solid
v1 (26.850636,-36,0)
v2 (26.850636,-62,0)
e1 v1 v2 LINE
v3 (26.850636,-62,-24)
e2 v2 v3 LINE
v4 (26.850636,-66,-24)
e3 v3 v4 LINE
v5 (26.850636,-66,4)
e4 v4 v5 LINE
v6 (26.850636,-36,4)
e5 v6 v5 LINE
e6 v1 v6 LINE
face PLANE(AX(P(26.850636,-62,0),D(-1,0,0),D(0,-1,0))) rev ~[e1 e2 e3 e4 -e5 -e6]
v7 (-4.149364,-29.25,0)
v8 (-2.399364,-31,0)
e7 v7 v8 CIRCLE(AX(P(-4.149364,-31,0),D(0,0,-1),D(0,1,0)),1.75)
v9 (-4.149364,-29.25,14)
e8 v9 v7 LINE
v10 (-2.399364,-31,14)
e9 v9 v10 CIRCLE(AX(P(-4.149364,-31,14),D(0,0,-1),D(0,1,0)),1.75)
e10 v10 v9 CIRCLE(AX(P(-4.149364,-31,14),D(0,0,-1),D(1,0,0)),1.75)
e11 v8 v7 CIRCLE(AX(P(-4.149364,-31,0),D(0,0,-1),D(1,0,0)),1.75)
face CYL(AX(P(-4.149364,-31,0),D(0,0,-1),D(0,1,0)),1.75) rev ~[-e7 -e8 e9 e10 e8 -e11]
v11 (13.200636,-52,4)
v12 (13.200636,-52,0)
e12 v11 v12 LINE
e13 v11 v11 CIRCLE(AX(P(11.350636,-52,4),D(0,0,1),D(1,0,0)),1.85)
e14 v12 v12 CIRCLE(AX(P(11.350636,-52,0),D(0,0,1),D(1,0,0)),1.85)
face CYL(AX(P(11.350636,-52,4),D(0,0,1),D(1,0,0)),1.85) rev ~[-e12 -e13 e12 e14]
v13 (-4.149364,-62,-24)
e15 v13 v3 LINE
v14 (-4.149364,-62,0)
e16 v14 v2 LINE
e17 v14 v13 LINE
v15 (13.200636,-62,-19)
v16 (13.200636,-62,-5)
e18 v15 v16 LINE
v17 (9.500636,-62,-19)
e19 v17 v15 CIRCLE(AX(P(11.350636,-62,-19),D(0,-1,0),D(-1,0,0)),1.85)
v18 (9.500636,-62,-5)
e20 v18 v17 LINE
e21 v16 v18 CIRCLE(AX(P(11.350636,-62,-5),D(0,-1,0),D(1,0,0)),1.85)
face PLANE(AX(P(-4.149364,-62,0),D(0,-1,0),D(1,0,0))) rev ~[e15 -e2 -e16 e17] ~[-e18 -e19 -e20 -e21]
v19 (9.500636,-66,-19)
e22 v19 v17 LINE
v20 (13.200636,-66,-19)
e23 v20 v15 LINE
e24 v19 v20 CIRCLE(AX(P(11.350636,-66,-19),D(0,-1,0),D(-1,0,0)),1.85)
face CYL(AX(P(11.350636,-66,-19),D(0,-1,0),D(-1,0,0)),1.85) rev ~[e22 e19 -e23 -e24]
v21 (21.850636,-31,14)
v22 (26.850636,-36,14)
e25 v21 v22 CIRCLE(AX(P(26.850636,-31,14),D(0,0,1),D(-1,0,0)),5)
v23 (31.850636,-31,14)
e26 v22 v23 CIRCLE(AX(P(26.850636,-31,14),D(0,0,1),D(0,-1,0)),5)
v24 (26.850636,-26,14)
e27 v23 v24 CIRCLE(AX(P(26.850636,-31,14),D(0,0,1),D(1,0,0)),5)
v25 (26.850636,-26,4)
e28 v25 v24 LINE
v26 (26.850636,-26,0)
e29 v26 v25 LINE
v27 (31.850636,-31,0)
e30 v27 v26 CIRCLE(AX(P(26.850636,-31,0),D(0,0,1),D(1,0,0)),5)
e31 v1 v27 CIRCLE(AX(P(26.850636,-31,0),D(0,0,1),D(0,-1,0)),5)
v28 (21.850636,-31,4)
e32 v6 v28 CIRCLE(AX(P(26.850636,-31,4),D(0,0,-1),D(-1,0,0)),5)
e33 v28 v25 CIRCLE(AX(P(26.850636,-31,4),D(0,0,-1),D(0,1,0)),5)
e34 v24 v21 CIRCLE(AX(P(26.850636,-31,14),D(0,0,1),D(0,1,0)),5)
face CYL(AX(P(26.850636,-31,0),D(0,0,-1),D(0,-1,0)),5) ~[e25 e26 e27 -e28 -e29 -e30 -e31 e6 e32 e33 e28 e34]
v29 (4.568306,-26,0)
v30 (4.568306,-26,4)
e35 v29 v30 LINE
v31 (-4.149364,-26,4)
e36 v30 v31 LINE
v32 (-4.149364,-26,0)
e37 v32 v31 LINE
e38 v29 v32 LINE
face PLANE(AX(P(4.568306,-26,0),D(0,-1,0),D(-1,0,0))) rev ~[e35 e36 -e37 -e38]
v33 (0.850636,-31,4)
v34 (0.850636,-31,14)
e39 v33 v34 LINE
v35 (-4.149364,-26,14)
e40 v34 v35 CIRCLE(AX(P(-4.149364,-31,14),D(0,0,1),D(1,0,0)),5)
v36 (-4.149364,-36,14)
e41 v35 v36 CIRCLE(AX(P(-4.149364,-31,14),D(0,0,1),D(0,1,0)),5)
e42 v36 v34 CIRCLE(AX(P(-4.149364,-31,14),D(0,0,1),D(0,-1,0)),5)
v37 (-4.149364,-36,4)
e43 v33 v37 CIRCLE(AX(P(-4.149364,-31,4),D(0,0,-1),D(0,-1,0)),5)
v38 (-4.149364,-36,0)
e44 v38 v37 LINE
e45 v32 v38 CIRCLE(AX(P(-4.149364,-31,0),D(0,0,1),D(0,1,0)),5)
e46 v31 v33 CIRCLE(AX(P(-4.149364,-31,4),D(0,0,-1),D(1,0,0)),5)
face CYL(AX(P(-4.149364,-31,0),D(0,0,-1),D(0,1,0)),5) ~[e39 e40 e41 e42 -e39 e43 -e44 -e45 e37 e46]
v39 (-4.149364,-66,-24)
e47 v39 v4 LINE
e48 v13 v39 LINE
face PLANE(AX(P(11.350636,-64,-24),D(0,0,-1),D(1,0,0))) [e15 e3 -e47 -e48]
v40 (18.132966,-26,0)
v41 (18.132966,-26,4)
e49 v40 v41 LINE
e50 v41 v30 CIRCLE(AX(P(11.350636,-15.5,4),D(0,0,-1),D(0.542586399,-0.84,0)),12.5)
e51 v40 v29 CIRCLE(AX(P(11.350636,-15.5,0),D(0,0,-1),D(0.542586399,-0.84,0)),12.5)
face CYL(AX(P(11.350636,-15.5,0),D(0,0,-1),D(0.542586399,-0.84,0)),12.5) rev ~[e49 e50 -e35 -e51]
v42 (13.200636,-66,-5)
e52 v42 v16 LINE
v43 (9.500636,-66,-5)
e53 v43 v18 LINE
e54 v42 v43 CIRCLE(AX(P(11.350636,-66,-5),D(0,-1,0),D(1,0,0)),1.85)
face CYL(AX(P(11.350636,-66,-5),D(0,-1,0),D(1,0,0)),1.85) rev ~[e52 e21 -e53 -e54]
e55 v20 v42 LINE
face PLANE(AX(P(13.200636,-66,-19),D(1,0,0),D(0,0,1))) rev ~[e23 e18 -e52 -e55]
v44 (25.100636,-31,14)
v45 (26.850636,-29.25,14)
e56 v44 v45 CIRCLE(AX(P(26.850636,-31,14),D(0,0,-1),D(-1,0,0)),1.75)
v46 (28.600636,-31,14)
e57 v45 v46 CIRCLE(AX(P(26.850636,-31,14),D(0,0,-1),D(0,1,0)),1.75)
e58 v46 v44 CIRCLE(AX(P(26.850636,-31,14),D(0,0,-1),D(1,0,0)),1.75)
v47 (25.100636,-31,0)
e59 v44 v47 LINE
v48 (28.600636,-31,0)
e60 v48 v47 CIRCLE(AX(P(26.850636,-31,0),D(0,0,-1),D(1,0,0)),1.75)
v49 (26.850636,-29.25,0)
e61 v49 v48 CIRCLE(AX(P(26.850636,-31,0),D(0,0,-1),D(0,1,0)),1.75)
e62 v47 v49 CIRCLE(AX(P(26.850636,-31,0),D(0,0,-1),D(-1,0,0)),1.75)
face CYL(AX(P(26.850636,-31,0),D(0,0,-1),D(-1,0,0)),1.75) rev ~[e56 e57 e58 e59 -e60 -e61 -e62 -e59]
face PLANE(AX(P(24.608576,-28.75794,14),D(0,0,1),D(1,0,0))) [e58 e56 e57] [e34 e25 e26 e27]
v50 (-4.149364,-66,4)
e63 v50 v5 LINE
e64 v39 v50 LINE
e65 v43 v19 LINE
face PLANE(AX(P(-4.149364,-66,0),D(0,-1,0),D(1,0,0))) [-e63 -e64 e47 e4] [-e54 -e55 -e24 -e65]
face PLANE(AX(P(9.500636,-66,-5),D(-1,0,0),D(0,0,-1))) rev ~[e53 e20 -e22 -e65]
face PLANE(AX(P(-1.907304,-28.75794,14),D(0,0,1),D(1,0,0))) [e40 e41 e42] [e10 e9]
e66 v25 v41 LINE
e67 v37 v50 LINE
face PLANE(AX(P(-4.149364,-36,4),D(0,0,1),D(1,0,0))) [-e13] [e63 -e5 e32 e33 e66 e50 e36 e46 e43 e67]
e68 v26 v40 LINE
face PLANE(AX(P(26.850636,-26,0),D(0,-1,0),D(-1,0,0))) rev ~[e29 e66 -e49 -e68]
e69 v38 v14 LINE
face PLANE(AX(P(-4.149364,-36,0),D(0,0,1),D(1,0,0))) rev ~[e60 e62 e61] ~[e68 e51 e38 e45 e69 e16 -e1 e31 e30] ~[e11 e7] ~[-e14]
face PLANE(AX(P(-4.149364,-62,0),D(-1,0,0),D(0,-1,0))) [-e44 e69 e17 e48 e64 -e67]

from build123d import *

# Parameters (mm, degrees)
F1_DEPTH = 4
F2_DEPTH = 14
F3_DEPTH = 30
F4_W     = 31
F4_H     = 4
F5_DEPTH = 24
F8_DEPTH = 25
F7_R     = 1.85
F9_DEPTH = 25


with BuildPart() as f1:
    # F0 (on Top) → F1 (new body)
    with BuildSketch(Plane.XY):
        with BuildLine():
            ThreePointArc((-4.1493639073, -29.25), (-2.9119270402, -29.7625631329), (-2.3993639073, -31))
            Line((-2.3993639073, -31), (0.8506360927, -31))
            ThreePointArc((0.8506360927, -31), (-0.6138300013, -27.4644660941), (-4.1493639073, -26))
            Line((-4.1493639073, -26), (-4.1493639073, -29.25))
        make_face()
        with BuildLine():
            Line((0.8506360927, -31), (-2.3993639073, -31))
            ThreePointArc((-2.3993639073, -31), (-5.3868007743, -32.2374368671), (-4.1493639073, -29.25))
            Line((-4.1493639073, -29.25), (-4.1493639073, -26))
            ThreePointArc((-4.1493639073, -26), (-9.1493639073, -31), (-4.1493639073, -36))
            ThreePointArc((-4.1493639073, -36), (-0.6138300013, -34.5355339059), (0.8506360927, -31))
        make_face()
        with BuildLine():
            ThreePointArc((-4.1493639073, -26), (-0.6138300013, -27.4644660941), (0.8506360927, -31))
            Line((0.8506360927, -31), (21.8506360927, -31))
            ThreePointArc((21.8506360927, -31), (23.3151021868, -27.4644660941), (26.8506360927, -26))
            Line((26.8506360927, -26), (18.1329660759, -26))
            ThreePointArc((18.1329660759, -26), (11.3506360927, -28), (4.5683061096, -26))
            Line((4.5683061096, -26), (-4.1493639073, -26))
        make_face()
        with BuildLine():
            ThreePointArc((26.8506360927, -26), (23.3151021868, -27.4644660941), (21.8506360927, -31))
            Line((21.8506360927, -31), (25.1006360927, -31))
            ThreePointArc((25.1006360927, -31), (25.6131992257, -29.7625631329), (26.8506360927, -29.25))
            Line((26.8506360927, -29.25), (26.8506360927, -26))
        make_face()
        with BuildLine():
            Line((25.1006360927, -31), (21.8506360927, -31))
            ThreePointArc((21.8506360927, -31), (23.3151021868, -34.5355339059), (26.8506360927, -36))
            ThreePointArc((26.8506360927, -36), (30.3861699987, -34.5355339059), (31.8506360927, -31))
            ThreePointArc((31.8506360927, -31), (30.3861699987, -27.4644660941), (26.8506360927, -26))
            Line((26.8506360927, -26), (26.8506360927, -29.25))
            ThreePointArc((26.8506360927, -29.25), (28.0880729598, -29.7625631329), (28.6006360927, -31))
            ThreePointArc((28.6006360927, -31), (26.8506360927, -32.75), (25.1006360927, -31))
        make_face()
        with BuildLine():
            Line((21.8506360927, -31), (0.8506360927, -31))
            ThreePointArc((0.8506360927, -31), (-0.6138300013, -34.5355339059), (-4.1493639073, -36))
            Line((-4.1493639073, -36), (26.8506360927, -36))
            ThreePointArc((26.8506360927, -36), (23.3151021868, -34.5355339059), (21.8506360927, -31))
        make_face()
    extrude(amount=F1_DEPTH)

    # F0 (on Top) → F2 (join)
    with BuildSketch(Plane.XY):
        with BuildLine():
            ThreePointArc((-4.1493639073, -29.25), (-2.9119270402, -29.7625631329), (-2.3993639073, -31))
            Line((-2.3993639073, -31), (0.8506360927, -31))
            ThreePointArc((0.8506360927, -31), (-0.6138300013, -27.4644660941), (-4.1493639073, -26))
            Line((-4.1493639073, -26), (-4.1493639073, -29.25))
        make_face()
        with BuildLine():
            Line((0.8506360927, -31), (-2.3993639073, -31))
            ThreePointArc((-2.3993639073, -31), (-5.3868007743, -32.2374368671), (-4.1493639073, -29.25))
            Line((-4.1493639073, -29.25), (-4.1493639073, -26))
            ThreePointArc((-4.1493639073, -26), (-9.1493639073, -31), (-4.1493639073, -36))
            ThreePointArc((-4.1493639073, -36), (-0.6138300013, -34.5355339059), (0.8506360927, -31))
        make_face()
        with BuildLine():
            ThreePointArc((26.8506360927, -26), (23.3151021868, -27.4644660941), (21.8506360927, -31))
            Line((21.8506360927, -31), (25.1006360927, -31))
            ThreePointArc((25.1006360927, -31), (25.6131992257, -29.7625631329), (26.8506360927, -29.25))
            Line((26.8506360927, -29.25), (26.8506360927, -26))
        make_face()
        with BuildLine():
            Line((25.1006360927, -31), (21.8506360927, -31))
            ThreePointArc((21.8506360927, -31), (23.3151021868, -34.5355339059), (26.8506360927, -36))
            ThreePointArc((26.8506360927, -36), (30.3861699987, -34.5355339059), (31.8506360927, -31))
            ThreePointArc((31.8506360927, -31), (30.3861699987, -27.4644660941), (26.8506360927, -26))
            Line((26.8506360927, -26), (26.8506360927, -29.25))
            ThreePointArc((26.8506360927, -29.25), (28.0880729598, -29.7625631329), (28.6006360927, -31))
            ThreePointArc((28.6006360927, -31), (26.8506360927, -32.75), (25.1006360927, -31))
        make_face()
    extrude(amount=F2_DEPTH)

    # F3 (add): a face of the model
    f3_faces = [f1.faces().sort_by_distance(p)[0] for p in [
        (11.3506360927, -36, 2),
    ]]
    extrude(f3_faces, amount=F3_DEPTH)

    # F4 (on face) → F5 (join)
    with BuildSketch(Plane(origin=(0, 0, 0), x_dir=(1, 0, 0), z_dir=(0, 0, -1))):
        with Locations((11.3506360927, 64)):
            Rectangle(F4_W, F4_H)
    extrude(amount=F5_DEPTH)

    # F6 (on face) → F8 (cut)
    with BuildSketch(Plane.XZ.offset(66)):
        with BuildLine():
            Line((13.2006360927, -19), (13.2006360927, -12))
            Line((13.2006360927, -12), (13.2006360927, -5))
            ThreePointArc((13.2006360927, -5), (11.3506360927, -3.15), (9.5006360927, -5))
            Line((9.5006360927, -5), (9.5006360927, -12))
            Line((9.5006360927, -12), (9.5006360927, -19))
            ThreePointArc((9.5006360927, -19), (11.3506360927, -20.85), (13.2006360927, -19))
        make_face()
    extrude(amount=-F8_DEPTH, mode=Mode.SUBTRACT)

    # F7 (on face) → F9 (cut)
    with BuildSketch(Plane.XY.offset(4)):
        with Locations((11.3506360927, -52)):
            Circle(F7_R)
    extrude(amount=-F9_DEPTH, mode=Mode.SUBTRACT)


solid = f1.part
